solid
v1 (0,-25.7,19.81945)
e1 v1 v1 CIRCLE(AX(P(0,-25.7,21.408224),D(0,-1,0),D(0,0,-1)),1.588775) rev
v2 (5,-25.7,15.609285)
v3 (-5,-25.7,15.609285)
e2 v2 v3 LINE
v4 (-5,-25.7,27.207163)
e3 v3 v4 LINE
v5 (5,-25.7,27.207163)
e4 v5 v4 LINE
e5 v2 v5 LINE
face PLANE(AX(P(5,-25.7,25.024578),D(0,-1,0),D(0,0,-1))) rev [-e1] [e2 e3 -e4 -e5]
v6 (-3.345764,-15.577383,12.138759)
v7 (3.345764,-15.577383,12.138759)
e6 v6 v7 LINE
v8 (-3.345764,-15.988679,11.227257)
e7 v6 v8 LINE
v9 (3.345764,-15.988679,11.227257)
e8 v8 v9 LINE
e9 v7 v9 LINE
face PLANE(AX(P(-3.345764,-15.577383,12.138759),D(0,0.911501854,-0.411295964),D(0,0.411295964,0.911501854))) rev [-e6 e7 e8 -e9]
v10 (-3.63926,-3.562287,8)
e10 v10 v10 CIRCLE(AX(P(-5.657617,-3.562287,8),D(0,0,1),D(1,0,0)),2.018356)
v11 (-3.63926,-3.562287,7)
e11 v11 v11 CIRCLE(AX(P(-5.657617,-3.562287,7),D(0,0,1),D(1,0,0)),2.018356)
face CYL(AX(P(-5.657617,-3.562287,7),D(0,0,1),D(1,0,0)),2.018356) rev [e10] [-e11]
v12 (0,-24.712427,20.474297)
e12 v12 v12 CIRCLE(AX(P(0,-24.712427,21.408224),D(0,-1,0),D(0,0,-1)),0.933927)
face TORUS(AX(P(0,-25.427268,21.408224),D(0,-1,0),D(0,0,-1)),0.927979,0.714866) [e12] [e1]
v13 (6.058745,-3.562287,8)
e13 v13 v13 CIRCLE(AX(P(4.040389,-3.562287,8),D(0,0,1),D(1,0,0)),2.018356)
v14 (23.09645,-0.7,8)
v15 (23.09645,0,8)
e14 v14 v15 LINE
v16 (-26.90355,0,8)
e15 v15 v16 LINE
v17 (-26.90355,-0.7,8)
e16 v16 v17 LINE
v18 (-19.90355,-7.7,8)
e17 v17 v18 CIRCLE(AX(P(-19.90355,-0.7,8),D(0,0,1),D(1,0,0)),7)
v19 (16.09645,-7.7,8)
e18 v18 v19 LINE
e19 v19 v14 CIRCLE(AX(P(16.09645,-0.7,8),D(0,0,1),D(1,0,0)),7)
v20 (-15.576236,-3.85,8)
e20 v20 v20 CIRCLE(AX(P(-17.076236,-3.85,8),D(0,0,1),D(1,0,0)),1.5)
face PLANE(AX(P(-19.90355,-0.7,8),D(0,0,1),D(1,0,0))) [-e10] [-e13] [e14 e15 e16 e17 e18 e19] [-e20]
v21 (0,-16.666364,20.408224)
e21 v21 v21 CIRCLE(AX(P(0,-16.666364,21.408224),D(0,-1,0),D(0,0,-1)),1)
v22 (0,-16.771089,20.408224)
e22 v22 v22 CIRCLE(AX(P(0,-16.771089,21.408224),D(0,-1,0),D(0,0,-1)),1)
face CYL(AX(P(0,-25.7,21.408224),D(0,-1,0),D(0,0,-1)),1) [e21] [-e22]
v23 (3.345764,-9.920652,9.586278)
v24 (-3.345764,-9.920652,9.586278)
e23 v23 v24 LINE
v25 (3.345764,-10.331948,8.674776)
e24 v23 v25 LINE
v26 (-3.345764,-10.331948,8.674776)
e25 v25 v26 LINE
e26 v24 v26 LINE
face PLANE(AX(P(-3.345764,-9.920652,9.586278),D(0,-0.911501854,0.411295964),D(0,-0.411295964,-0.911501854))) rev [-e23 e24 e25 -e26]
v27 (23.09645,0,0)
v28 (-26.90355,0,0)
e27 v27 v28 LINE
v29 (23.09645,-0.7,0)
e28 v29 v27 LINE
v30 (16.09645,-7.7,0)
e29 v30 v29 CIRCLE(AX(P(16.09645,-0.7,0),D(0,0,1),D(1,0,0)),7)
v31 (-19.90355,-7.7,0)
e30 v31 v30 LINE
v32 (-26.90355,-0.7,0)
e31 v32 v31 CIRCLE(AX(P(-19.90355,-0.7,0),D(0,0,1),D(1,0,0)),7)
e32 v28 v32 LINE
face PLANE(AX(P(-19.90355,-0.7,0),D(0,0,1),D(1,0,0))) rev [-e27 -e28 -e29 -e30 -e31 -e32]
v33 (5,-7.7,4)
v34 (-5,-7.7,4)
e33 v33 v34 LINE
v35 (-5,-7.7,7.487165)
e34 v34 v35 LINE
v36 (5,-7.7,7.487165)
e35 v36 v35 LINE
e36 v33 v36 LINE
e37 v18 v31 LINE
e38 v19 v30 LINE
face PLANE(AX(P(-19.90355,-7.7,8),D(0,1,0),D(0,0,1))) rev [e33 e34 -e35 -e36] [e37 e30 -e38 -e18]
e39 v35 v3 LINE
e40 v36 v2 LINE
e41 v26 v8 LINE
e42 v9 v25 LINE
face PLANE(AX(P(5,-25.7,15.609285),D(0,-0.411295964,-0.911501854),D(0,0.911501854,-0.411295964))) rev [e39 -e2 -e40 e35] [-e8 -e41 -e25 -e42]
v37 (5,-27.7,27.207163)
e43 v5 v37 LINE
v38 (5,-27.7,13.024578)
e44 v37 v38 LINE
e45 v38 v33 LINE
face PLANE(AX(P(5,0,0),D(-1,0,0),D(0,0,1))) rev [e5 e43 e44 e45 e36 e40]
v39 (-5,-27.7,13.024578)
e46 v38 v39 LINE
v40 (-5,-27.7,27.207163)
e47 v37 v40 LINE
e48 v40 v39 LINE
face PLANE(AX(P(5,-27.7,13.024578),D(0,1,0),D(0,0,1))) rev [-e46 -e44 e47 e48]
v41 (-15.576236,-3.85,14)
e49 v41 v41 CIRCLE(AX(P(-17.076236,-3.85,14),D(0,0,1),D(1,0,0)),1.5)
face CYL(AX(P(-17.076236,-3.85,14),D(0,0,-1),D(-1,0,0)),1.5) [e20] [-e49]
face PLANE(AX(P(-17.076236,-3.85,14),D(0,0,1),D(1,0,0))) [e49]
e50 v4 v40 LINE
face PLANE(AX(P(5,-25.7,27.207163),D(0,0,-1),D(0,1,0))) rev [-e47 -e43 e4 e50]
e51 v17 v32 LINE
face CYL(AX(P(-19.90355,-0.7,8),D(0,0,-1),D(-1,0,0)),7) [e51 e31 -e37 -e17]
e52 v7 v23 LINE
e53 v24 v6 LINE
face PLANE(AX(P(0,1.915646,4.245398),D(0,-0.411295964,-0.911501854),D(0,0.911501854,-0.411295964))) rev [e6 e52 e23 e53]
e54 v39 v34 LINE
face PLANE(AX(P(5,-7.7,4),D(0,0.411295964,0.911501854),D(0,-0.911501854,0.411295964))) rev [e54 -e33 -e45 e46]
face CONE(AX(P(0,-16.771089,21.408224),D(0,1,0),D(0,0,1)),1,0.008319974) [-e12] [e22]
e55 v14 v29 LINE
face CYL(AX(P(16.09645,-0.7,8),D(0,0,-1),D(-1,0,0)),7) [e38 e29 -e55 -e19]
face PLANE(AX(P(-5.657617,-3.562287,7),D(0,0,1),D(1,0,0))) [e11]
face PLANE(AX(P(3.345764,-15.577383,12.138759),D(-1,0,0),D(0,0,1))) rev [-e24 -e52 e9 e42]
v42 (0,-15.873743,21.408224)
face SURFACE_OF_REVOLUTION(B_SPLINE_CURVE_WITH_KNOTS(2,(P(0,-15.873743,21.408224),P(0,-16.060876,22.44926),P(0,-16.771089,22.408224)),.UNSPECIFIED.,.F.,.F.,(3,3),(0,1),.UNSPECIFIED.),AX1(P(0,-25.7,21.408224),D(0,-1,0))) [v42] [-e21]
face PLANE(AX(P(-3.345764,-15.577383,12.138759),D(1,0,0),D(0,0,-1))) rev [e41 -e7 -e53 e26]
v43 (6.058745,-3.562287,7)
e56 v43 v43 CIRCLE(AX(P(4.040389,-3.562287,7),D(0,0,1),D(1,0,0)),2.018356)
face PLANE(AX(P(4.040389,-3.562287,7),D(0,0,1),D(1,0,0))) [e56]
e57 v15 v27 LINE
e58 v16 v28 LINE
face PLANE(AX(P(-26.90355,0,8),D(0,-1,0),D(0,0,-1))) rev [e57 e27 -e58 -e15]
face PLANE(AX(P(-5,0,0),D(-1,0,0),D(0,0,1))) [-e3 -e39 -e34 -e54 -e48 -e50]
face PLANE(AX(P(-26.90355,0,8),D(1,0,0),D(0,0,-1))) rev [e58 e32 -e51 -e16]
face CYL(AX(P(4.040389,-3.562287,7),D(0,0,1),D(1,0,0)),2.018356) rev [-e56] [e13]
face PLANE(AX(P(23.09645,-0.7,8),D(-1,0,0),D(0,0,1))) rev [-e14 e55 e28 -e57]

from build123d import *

# Parameters (mm, degrees)
BOSS_EXTRUDE1_DEPTH = 8
SKETCH2_R           = 1.5
BOSS_EXTRUDE2_DEPTH = 6
BOSS_EXTRUDE3_DEPTH = 5
SKETCH6_W           = 6.69152868
SKETCH6_H           = 6.205945627
BOSS_EXTRUDE6_DEPTH = 1
SKETCH7_R           = 2.018356376
CUT_EXTRUDE1_DEPTH  = 1


with BuildPart() as part:
    # Sketch1 → Boss-Extrude1 (new body)
    with BuildSketch(Plane.XY):
        with BuildLine():
            Line((-26.903550099, 0), (23.096449901, 0))
            Line((23.096449901, 0), (23.096449901, -0.7))
            ThreePointArc((23.096449901, -0.7), (21.046197369, -5.649747468), (16.096449901, -7.7))
            Line((16.096449901, -7.7), (-19.903550099, -7.7))
            ThreePointArc((-19.903550099, -7.7), (-24.853297568, -5.649747468), (-26.903550099, -0.7))
            Line((-26.903550099, -0.7), (-26.903550099, 0))
        make_face()
    extrude(amount=BOSS_EXTRUDE1_DEPTH)

    # Sketch2 → Boss-Extrude2 (add)
    with BuildSketch(Plane.XY.offset(8)):
        with Locations((-17.076235964, -3.85)):
            Circle(SKETCH2_R)
    extrude(amount=BOSS_EXTRUDE2_DEPTH)

    # Sketch3 → Boss-Extrude3 (add, symmetric)
    with BuildSketch(Plane(origin=(0, 0, 0), x_dir=(0, 0, -1), z_dir=(1, 0, 0))):
        Polygon((-4, -7.7), (-13.024577684, -27.7), (-25.024577684, -27.7), (-27.207163102, -27.7), (-27.207163102, -25.7), (-25.024577684, -25.7), (-15.609285193, -25.7), (-7.487165278, -7.7), align=None)
    extrude(amount=BOSS_EXTRUDE3_DEPTH, both=True)

    # Sketch6 → Boss-Extrude6 (add)
    with BuildSketch(Plane(origin=(0, 1.504350405, 3.333896515), x_dir=(1, 0, 0), z_dir=(0, 0.411295964451016, 0.911501853879798))):
        with Locations((0, -16.088463414)):
            Rectangle(SKETCH6_W, SKETCH6_H)
    extrude(amount=BOSS_EXTRUDE6_DEPTH)

    # Sketch7 → Cut-Extrude1 (cut)
    with BuildSketch(Plane.XY.offset(8)):
        with Locations((-5.657616705, -3.562287369)):
            Circle(SKETCH7_R)
        with Locations((4.040388693, -3.562287369)):
            Circle(SKETCH7_R)
    extrude(amount=-CUT_EXTRUDE1_DEPTH, mode=Mode.SUBTRACT)

    # Sketch10 → Revolve2 (revolve)
    with BuildSketch(Plane(origin=(0, 0, 0), x_dir=(0, 0, -1), z_dir=(1, 0, 0)), mode=Mode.PRIVATE) as revolve2_sk:
        with BuildLine():
            Line((-22.996998778, -25.7), (-21.408224147, -25.7))
            Line((-21.408224147, -25.7), (-21.408224147, -15.873742871))
            add(Edge.make_bspline(
                [(-21.408224147, -15.873742871), (-22.370300932, -16.046682358), (-22.408224147, -16.666364236)],
                knots=[0, 0, 0, 0.92415357, 0.92415357, 0.92415357], degree=2))
            Line((-22.408224147, -16.666364236), (-22.408224147, -16.771089476))
            Line((-22.408224147, -16.771089476), (-22.342150898, -24.712427098))
            ThreePointArc((-22.342150898, -24.712427098), (-22.931989874, -25.03220925), (-22.996998778, -25.7))
        make_face()
    revolve(revolve2_sk.sketch.rotate(Axis((0, -25.7, 21.408224147), (0, 1, 0)), 180), axis=Axis((0, -25.7, 21.408224147), (0, 1, 0)))


solid = part.part
